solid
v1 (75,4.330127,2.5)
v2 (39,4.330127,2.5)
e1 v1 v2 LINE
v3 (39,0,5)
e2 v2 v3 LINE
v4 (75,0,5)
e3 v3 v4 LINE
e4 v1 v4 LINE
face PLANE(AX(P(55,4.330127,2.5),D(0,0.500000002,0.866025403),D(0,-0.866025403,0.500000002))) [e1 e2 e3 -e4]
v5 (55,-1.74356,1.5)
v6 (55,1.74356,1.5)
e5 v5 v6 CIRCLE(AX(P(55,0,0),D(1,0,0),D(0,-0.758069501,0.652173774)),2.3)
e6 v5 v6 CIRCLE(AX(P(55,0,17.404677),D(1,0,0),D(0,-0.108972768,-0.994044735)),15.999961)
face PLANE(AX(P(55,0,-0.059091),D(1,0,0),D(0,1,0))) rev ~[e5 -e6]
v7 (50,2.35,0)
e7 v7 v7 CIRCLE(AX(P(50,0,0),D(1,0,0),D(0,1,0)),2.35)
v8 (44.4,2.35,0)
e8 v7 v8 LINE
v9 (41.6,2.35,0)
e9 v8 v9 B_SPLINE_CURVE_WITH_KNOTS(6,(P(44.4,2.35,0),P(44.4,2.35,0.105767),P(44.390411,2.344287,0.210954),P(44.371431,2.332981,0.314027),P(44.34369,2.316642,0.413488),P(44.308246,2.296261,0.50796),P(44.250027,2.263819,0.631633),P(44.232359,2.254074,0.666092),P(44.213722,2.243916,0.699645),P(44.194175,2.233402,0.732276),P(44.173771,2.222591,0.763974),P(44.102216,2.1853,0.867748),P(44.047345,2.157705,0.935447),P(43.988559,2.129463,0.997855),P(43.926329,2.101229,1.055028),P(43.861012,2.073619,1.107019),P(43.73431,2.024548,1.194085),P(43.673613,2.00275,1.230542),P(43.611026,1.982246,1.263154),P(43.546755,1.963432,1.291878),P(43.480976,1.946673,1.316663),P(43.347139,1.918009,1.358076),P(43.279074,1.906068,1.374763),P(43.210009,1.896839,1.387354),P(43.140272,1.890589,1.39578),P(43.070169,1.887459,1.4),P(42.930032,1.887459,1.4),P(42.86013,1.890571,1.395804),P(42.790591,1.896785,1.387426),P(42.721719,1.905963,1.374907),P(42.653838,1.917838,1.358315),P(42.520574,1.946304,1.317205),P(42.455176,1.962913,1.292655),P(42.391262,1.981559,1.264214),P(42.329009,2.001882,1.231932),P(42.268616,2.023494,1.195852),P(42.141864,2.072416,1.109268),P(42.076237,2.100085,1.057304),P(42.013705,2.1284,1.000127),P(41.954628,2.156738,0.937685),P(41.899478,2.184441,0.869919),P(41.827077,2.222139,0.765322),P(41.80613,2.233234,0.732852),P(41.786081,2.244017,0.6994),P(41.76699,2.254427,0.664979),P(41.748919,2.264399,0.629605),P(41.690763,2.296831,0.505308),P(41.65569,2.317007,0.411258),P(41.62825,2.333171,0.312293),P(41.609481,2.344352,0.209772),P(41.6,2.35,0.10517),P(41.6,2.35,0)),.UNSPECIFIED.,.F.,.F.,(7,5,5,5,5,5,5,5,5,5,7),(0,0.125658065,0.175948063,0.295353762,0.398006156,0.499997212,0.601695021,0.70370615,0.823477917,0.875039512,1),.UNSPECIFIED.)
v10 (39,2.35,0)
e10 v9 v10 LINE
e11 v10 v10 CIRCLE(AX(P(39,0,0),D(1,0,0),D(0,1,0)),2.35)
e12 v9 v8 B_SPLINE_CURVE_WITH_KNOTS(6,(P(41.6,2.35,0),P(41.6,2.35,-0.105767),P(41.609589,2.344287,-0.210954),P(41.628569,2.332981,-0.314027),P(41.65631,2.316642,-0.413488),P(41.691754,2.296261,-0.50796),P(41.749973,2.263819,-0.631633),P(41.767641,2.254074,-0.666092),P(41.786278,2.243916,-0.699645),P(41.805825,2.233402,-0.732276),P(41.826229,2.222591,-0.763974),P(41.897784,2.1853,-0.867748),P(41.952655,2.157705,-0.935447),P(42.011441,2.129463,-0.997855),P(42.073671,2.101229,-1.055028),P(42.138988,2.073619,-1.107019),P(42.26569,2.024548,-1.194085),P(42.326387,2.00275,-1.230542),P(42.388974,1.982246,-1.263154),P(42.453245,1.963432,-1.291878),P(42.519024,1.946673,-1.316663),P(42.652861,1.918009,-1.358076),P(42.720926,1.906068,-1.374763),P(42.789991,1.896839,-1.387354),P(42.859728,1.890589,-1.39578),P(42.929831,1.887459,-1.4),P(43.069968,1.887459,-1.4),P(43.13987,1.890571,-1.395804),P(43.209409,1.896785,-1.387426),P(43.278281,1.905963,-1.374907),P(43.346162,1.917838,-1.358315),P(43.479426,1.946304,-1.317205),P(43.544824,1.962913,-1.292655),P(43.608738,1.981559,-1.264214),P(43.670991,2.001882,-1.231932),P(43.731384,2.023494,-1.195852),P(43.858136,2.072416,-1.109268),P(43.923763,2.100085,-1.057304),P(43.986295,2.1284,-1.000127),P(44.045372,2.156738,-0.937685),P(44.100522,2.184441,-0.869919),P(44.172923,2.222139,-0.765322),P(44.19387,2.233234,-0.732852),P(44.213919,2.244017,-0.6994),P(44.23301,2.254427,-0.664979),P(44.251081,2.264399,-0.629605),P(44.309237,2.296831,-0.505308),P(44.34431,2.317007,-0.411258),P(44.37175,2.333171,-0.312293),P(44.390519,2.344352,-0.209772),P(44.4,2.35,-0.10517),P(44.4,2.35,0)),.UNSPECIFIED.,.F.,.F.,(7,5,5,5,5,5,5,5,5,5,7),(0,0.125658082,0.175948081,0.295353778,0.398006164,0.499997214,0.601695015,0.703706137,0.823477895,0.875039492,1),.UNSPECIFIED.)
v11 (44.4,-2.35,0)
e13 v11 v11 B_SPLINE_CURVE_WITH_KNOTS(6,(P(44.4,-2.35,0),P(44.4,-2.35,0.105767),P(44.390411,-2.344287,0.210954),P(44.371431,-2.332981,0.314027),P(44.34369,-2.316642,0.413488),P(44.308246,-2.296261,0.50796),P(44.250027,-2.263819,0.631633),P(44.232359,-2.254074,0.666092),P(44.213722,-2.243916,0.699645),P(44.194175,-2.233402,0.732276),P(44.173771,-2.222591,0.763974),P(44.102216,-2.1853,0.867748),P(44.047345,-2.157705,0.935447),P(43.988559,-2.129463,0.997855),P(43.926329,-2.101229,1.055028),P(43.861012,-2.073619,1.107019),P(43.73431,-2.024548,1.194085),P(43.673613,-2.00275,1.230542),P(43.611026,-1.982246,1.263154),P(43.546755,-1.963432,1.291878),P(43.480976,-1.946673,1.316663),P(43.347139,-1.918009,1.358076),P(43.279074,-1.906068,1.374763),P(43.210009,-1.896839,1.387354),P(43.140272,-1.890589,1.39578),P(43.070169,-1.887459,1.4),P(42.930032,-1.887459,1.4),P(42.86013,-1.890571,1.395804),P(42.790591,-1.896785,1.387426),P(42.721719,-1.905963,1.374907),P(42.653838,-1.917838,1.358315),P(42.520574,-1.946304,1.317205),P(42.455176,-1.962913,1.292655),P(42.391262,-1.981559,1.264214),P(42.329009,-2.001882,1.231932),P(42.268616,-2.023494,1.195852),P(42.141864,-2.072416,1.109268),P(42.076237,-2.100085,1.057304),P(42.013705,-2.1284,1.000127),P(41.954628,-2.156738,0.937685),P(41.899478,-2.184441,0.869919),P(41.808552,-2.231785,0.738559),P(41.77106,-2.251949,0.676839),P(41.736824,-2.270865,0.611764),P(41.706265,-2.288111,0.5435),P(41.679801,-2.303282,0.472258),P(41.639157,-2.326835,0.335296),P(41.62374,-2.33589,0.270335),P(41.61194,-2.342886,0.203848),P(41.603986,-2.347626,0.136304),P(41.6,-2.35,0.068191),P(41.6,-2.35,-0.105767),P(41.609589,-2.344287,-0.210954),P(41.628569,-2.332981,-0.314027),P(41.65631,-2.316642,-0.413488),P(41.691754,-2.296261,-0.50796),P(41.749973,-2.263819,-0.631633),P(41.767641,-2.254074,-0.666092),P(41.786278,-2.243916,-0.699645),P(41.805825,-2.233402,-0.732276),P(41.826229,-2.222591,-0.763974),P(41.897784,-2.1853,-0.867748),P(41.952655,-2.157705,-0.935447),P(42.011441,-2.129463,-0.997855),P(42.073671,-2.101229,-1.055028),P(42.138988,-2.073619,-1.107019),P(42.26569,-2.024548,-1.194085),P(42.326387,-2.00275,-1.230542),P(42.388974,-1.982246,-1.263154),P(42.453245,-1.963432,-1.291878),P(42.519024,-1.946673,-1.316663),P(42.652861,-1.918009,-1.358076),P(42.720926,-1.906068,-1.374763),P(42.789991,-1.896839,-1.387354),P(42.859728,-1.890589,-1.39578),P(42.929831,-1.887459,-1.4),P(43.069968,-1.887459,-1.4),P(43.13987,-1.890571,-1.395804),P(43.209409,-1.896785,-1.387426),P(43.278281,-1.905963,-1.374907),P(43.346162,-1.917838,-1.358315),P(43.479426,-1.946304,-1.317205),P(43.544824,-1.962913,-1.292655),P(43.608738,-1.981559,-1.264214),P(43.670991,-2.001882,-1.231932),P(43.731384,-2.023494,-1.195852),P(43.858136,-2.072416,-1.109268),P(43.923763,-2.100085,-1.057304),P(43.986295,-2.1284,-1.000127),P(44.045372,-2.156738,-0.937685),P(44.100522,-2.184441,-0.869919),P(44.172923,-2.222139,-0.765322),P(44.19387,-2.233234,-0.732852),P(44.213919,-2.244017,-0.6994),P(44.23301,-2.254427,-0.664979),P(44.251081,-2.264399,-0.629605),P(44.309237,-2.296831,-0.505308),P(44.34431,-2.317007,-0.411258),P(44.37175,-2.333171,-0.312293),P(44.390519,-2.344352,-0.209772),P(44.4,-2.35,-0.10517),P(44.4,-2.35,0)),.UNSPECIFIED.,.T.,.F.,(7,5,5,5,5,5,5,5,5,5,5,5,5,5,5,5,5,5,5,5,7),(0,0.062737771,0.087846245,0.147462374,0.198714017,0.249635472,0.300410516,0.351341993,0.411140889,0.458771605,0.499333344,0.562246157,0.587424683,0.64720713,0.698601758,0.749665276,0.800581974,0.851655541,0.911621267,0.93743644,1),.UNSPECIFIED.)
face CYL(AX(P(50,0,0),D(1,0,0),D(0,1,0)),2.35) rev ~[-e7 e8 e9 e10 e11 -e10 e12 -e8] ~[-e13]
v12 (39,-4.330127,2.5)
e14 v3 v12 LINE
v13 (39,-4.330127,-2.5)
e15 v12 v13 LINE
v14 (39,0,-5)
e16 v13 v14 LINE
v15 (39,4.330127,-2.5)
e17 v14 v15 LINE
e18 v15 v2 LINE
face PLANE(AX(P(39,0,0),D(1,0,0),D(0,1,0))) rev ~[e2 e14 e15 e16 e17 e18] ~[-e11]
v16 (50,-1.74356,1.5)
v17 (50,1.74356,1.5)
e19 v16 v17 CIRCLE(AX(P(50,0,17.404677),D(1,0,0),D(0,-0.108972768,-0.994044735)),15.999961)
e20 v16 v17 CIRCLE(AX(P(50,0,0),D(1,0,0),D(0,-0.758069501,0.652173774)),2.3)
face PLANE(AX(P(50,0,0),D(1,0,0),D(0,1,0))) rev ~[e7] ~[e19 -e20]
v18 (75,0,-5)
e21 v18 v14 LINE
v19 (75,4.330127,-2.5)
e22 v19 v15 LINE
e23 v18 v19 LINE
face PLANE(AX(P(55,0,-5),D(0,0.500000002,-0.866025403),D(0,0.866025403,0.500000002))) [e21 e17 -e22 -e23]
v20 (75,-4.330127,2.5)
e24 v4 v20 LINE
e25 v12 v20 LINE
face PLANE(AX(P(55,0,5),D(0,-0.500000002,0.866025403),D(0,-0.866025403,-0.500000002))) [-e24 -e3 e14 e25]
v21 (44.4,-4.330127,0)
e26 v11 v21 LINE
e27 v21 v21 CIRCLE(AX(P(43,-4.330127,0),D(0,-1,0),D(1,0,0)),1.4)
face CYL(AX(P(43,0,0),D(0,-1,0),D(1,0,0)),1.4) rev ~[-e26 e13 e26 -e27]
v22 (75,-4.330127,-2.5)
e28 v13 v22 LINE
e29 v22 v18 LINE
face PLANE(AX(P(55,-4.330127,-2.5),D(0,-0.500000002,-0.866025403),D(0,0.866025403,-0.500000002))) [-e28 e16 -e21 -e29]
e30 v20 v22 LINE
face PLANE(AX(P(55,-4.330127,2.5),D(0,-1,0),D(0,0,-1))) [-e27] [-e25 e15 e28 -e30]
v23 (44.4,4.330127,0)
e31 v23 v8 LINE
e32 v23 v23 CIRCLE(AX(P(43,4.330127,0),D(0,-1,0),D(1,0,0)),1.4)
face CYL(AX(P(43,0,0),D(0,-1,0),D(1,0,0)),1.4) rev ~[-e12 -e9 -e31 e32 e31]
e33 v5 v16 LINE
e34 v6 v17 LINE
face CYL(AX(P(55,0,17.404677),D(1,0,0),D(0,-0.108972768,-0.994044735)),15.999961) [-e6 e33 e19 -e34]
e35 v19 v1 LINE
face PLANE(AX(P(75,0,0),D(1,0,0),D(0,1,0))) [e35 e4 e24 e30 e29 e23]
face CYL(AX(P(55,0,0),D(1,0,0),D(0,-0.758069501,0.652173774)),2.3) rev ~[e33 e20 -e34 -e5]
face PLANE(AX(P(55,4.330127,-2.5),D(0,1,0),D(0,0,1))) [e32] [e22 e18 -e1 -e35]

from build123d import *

# Parameters (mm, degrees)
SKETCH205_R          = 1.4
PAD127041_DEPTH      = 10
SKETCH175_R          = 2.35
PAD127013_DEPTH      = 100
PAD127012_DEPTH      = 100
PAD127040_DEPTH      = 20
PAD127040_DEPTH_BACK = 16


with BuildPart() as setscrewcutout:
    # Sketch205 → Pad127041 (new body, symmetric)
    with BuildSketch(Plane(origin=(55, 0, 0), x_dir=(1, 0, 0), z_dir=(0, -1, 0))):
        with Locations((-12, 0)):
            Circle(SKETCH205_R)
    extrude(amount=PAD127041_DEPTH, both=True)


with BuildPart() as fullshaftcutout:
    # Sketch175 → Pad127013 (new body)
    with BuildSketch(Plane.YZ.offset(50)):
        Circle(SKETCH175_R)
    extrude(amount=-PAD127013_DEPTH)


with BuildPart() as axlecutout:
    # Sketch176 → Pad127012 (new body)
    with BuildSketch(Plane.YZ.offset(55)):
        with BuildLine():
            ThreePointArc((-1.74356, 1.5), (0, -2.3), (1.74356, 1.5))
            ThreePointArc((-1.74356, 1.5), (0, 1.404716), (1.74356, 1.5))
        make_face()
    extrude(amount=-PAD127012_DEPTH)

    # Fusion004020013: union FullShaftCutout
    add(fullshaftcutout.part)


with BuildPart() as adapteraxle:
    # Sketch204 → Pad127040 (new body, two sides)
    with BuildSketch(Plane.YZ.offset(55)) as pad127040_sk:
        Polygon((4.330127, 2.5), (0, 5), (-4.330127, 2.5), (-4.330127, -2.5), (0, -5), (4.330127, -2.5), align=None)
    extrude(amount=PAD127040_DEPTH)
    extrude(pad127040_sk.sketch, amount=-PAD127040_DEPTH_BACK)

    # Cut007019024: cut AxleCutout
    add(axlecutout.part, mode=Mode.SUBTRACT)

    # Cut007019025: cut SetScrewCutout
    add(setscrewcutout.part, mode=Mode.SUBTRACT)


solid = adapteraxle.part
